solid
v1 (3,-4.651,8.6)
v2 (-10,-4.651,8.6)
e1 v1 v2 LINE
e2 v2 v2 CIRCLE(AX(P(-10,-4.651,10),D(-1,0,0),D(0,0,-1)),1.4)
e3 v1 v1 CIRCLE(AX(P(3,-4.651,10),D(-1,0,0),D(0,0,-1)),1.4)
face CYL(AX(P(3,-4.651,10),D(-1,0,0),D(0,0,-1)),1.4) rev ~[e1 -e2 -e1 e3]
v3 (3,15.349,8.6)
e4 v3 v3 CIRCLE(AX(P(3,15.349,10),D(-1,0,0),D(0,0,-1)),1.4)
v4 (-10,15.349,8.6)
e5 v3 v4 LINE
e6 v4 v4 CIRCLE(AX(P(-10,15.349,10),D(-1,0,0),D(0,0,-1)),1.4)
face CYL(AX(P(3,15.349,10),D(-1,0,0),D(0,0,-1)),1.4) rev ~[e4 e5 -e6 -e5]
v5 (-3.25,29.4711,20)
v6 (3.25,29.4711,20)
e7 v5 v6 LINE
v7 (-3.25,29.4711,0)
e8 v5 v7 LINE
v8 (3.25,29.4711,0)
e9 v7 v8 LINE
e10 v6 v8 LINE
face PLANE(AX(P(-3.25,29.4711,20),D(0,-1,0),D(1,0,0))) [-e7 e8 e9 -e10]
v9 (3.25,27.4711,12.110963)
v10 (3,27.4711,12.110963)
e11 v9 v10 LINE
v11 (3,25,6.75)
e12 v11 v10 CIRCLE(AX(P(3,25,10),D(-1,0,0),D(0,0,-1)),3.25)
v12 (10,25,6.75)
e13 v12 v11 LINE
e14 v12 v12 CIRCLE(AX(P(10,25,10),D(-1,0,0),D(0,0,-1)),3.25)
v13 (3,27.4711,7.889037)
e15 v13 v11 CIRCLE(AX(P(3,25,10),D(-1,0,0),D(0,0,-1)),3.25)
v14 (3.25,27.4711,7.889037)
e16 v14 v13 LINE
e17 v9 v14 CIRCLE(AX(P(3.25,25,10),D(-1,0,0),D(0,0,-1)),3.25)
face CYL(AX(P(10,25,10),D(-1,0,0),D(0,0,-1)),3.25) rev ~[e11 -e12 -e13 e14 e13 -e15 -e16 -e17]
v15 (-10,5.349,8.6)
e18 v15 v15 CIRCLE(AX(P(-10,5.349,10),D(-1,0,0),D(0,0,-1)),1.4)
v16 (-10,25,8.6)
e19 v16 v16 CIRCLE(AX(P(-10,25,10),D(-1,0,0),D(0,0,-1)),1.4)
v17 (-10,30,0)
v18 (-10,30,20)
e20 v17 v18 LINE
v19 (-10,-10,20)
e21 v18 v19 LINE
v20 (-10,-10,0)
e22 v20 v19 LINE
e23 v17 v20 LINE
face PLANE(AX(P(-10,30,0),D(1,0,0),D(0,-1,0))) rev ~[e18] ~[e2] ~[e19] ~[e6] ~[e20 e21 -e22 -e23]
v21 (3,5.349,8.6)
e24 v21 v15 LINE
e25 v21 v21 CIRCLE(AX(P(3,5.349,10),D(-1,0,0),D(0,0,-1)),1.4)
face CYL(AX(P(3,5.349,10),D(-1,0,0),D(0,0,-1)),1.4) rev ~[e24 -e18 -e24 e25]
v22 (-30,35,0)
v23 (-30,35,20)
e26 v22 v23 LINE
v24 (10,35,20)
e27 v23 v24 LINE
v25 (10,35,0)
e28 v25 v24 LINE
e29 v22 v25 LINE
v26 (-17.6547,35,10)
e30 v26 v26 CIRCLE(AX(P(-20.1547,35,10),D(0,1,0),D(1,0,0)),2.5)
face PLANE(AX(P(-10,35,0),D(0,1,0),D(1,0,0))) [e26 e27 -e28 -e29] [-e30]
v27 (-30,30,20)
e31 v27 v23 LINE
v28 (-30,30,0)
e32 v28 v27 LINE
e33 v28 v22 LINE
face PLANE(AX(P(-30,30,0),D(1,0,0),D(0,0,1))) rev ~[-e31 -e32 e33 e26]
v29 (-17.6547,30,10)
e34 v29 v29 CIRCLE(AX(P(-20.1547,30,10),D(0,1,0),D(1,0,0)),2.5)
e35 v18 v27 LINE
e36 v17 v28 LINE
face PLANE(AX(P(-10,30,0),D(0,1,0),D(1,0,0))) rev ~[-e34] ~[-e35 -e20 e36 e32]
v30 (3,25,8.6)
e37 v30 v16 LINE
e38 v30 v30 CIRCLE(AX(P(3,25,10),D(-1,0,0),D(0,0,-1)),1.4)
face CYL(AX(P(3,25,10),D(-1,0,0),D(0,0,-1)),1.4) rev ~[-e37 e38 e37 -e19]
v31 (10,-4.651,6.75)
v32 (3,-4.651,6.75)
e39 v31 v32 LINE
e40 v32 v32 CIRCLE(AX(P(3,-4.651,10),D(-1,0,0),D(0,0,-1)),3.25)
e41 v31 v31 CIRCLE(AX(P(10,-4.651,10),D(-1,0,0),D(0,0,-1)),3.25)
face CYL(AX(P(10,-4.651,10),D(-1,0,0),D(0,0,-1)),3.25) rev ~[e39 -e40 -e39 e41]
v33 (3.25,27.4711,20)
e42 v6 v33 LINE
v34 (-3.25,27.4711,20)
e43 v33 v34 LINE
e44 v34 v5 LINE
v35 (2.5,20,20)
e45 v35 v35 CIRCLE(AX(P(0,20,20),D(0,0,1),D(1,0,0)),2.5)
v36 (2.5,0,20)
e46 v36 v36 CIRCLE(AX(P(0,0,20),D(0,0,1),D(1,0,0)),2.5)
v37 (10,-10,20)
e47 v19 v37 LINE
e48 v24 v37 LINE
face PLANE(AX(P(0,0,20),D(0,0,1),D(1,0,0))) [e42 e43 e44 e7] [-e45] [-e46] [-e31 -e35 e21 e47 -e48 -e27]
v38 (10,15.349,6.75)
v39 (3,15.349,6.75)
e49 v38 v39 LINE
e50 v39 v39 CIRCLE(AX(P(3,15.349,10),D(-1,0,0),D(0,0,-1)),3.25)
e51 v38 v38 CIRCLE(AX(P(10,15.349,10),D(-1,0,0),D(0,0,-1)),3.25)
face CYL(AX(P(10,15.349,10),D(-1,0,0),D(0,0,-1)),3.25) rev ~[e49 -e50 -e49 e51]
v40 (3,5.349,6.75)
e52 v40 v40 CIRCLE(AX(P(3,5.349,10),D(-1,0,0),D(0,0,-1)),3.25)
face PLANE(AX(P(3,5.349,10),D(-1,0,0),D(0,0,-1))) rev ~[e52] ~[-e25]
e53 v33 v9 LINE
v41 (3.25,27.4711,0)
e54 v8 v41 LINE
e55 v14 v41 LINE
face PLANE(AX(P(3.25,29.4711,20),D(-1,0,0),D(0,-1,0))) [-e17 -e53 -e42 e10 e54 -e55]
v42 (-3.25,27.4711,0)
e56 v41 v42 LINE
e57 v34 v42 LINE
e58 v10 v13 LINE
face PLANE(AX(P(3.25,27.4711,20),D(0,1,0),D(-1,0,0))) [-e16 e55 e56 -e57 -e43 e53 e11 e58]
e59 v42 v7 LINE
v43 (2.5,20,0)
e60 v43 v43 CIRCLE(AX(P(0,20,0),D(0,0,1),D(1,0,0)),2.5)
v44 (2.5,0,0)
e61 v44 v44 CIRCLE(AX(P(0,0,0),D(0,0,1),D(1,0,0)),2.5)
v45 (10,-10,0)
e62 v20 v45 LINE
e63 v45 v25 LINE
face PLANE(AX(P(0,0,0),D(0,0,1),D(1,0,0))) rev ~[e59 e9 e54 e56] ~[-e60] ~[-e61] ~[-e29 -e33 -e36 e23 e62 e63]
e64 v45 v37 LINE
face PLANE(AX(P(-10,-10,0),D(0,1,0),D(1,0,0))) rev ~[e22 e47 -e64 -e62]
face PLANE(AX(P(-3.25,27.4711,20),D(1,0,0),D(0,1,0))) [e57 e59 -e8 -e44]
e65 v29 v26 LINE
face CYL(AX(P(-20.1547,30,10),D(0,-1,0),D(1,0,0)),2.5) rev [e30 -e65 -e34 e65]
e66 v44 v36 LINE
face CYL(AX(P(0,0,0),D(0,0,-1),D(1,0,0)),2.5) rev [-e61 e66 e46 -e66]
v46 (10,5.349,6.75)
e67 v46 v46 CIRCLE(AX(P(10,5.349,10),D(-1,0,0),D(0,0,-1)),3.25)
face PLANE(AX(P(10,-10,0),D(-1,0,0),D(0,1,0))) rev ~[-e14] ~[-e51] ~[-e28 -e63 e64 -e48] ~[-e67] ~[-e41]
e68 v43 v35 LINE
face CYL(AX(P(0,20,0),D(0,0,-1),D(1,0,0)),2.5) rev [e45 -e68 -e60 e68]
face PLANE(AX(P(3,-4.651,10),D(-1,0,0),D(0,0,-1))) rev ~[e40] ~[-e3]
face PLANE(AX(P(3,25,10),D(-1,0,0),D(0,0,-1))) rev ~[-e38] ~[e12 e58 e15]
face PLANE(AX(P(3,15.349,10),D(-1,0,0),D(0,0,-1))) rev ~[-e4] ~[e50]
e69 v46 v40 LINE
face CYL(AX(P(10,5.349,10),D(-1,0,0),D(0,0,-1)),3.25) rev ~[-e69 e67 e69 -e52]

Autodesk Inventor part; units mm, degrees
ref_plane "YZ Plane" through (0, 0, 0) normal (1, 0, 0) x (0, 1, 0)
ref_plane "XZ Plane" through (0, 0, 0) normal (0, 1, 0) x (-1, 0, 0)
ref_plane "Work Plane1" through (0, 0, 0) normal (0, 0, 1) x (1, 0, 0)
sketch "Sketch1" plane through (0, 0, 0) normal (0, 0, 1) x (1, 0, 0)
  circle A0 centre (0, 0) radius 2 construction
  circle A1 centre (0, 20) radius 2.5 construction
  line L0 (-10, 4) -> (-10, 16) construction
  line L1 (-10, 4) -> (-6, 4) construction
  line L2 (-6, 4) -> (-6, -4) construction
  line L3 (-6, -4) -> (-10, -4) construction
  line L4 (-10, -4) -> (-10, -10) construction
  line L5 (-10, -10) -> (-4, -10) construction
  line L6 (-4, -10) -> (-4, -6) construction
  line L7 (-4, -6) -> (4, -6) construction
  line L8 (4, -6) -> (4, -10) construction
  line L9 (4, -10) -> (10, -10) construction
  line L10 (10, -10) -> (10, -4) construction
  line L11 (10, -4) -> (6, -4) construction
  line L12 (6, -4) -> (6, 4) construction
  line L13 (6, 4) -> (10, 4) construction
  line L14 (10, 4) -> (10, 16) construction
  line L15 (6, 16) -> (10, 16) construction
  line L16 (6, 24) -> (6, 16) construction
  line L17 (10, 24) -> (6, 24) construction
  line L18 (10, 30) -> (10, 24) construction
  line L19 (4, 30) -> (10, 30) construction
  line L20 (4, 26) -> (4, 30) construction
  line L21 (-4, 26) -> (4, 26) construction
  line L22 (-4, 30) -> (-4, 26) construction
  line L23 (-10, 30) -> (-4, 30) construction
  line L24 (-10, 24) -> (-10, 30) construction
  line L25 (-6, 24) -> (-10, 24) construction
  line L26 (-6, 16) -> (-6, 24) construction
  line L27 (-10, 16) -> (-6, 16) construction
  line L28 (-4, 6) -> (-4, 14) construction
  line L29 (4, 14) -> (-4, 14) construction
  line L30 (4, 6) -> (4, 14) construction
  line L31 (4, 6) -> (-4, 6) construction
  line L32 (10, 30) -> (-10, 30)
  line L33 (-10, 30) -> (-10, -10)
  line L34 (-10, -10) -> (10, -10)
  line L35 (10, -10) -> (10, 30)
  circle A2 centre (0, 20) radius 2.5
  circle A3 centre (0, 0) radius 2.5
  point P0 (0, 0)
  dimension "d0" = 40
  dimension "d1" = 5
ref_plane "Work Plane2" through (-30, -220, 20) normal (0, 0, 1) x (1, 0, 0)
extrude "Extrusion1" add sketch "Sketch1" along normal up to surface (20 mm away)
sketch "Sketch2" plane through (10, -10, 0) normal (1, 0, 0) x (0, 0, -1)
  line L0 (-20, 40) -> (-20, 0) projected
  line L1 (0, 0) -> (-20, 0) projected
  line L2 (0, 0) -> (0, 40) projected
  line L3 (0, 40) -> (-20, 40) projected
  line L4 (-14, 40) -> (-14, -210) projected
  line L5 (-6, 40) -> (-6, -210) projected
  line L6 (-20, 32.5) -> (-20, 27.5) projected
  line L7 (0, 32.5) -> (0, 27.5) projected
  line L8 (-20, 12.5) -> (-20, 7.5) projected
  line L9 (0, 12.5) -> (-20, 12.5) projected
  line L10 (0, 7.5) -> (-20, 7.5) projected
  line L11 (0, 32.5) -> (-20, 32.5) projected
  line L12 (0, 27.5) -> (-20, 27.5) projected
  circle A0 centre (-10, 45) radius 1.4
  circle A1 centre (-10, 25.349) radius 1.4
  circle A2 centre (-10, 15.349) radius 1.4
  circle A3 centre (-10, 35) radius 1.4
  circle A4 centre (-10, 5.349) radius 1.4
  point P0 (0, 10)
  point P1 (-9.8573, 5.349)
  dimension "d5" = 2.8
  dimension "d8" = 10
  dimension "d13" = 2.8
  dimension "d14" = 10
hole "Hole1" at (10, 25, 10) at (10, 5.349, 10) at (10, -4.651, 10) at (10, 15.349, 10) direction (-1, 0, 0) diameter 2.8 end through all counterbore diameter 6.5 counterbore depth 7
sketch "Sketch3" plane through (-10, 30, 0) normal (0, 1, 0) x (1, 0, 0)
  line L0 (0, -20) -> (20, -20) projected
  line L1 (20, 0) -> (20, -20) projected
  line L2 (20, 0) -> (0, 0) projected
  line L3 (0, 0) -> (0, -20) projected
  line L4 (20, 0) -> (0, 0) projected
  line L5 (20, 0) -> (-20, 0)
  line L6 (-20, 0) -> (-20, -20)
  line L7 (-20, -20) -> (20, -20)
  line L8 (20, -20) -> (20, 0)
  circle A0 centre (-10.1547, -10) radius 2.5
  point P0 (10, 0)
  dimension "d22" = 40
  dimension "d23" = 5
extrude "Extrusion2" add sketch "Sketch3" along normal blind 5
sketch "Sketch5" plane through (-10, -10, 20) normal (0, 0, 1) x (1, 0, 0)
  line L0 (6.75, 39.4711) -> (13.25, 39.4711)
  line L1 (13.25, 39.4711) -> (13.25, 37.4711)
  line L2 (13.25, 37.4711) -> (6.75, 37.4711)
  line L3 (6.75, 37.4711) -> (6.75, 39.4711)
  line L4 (6.75, 39.4711) -> (13.25, 37.4711) construction
  line L5 (13.25, 39.4711) -> (6.75, 37.4711) construction
  point P0 (10, 10)
  point P1 (10, 38.4711)
  dimension "d33" = 6.5
  dimension "d34" = 2
extrude "Extrusion3" cut sketch "Sketch5" against normal through all
properties part number "Neje_20mm_rod_connector_double"
